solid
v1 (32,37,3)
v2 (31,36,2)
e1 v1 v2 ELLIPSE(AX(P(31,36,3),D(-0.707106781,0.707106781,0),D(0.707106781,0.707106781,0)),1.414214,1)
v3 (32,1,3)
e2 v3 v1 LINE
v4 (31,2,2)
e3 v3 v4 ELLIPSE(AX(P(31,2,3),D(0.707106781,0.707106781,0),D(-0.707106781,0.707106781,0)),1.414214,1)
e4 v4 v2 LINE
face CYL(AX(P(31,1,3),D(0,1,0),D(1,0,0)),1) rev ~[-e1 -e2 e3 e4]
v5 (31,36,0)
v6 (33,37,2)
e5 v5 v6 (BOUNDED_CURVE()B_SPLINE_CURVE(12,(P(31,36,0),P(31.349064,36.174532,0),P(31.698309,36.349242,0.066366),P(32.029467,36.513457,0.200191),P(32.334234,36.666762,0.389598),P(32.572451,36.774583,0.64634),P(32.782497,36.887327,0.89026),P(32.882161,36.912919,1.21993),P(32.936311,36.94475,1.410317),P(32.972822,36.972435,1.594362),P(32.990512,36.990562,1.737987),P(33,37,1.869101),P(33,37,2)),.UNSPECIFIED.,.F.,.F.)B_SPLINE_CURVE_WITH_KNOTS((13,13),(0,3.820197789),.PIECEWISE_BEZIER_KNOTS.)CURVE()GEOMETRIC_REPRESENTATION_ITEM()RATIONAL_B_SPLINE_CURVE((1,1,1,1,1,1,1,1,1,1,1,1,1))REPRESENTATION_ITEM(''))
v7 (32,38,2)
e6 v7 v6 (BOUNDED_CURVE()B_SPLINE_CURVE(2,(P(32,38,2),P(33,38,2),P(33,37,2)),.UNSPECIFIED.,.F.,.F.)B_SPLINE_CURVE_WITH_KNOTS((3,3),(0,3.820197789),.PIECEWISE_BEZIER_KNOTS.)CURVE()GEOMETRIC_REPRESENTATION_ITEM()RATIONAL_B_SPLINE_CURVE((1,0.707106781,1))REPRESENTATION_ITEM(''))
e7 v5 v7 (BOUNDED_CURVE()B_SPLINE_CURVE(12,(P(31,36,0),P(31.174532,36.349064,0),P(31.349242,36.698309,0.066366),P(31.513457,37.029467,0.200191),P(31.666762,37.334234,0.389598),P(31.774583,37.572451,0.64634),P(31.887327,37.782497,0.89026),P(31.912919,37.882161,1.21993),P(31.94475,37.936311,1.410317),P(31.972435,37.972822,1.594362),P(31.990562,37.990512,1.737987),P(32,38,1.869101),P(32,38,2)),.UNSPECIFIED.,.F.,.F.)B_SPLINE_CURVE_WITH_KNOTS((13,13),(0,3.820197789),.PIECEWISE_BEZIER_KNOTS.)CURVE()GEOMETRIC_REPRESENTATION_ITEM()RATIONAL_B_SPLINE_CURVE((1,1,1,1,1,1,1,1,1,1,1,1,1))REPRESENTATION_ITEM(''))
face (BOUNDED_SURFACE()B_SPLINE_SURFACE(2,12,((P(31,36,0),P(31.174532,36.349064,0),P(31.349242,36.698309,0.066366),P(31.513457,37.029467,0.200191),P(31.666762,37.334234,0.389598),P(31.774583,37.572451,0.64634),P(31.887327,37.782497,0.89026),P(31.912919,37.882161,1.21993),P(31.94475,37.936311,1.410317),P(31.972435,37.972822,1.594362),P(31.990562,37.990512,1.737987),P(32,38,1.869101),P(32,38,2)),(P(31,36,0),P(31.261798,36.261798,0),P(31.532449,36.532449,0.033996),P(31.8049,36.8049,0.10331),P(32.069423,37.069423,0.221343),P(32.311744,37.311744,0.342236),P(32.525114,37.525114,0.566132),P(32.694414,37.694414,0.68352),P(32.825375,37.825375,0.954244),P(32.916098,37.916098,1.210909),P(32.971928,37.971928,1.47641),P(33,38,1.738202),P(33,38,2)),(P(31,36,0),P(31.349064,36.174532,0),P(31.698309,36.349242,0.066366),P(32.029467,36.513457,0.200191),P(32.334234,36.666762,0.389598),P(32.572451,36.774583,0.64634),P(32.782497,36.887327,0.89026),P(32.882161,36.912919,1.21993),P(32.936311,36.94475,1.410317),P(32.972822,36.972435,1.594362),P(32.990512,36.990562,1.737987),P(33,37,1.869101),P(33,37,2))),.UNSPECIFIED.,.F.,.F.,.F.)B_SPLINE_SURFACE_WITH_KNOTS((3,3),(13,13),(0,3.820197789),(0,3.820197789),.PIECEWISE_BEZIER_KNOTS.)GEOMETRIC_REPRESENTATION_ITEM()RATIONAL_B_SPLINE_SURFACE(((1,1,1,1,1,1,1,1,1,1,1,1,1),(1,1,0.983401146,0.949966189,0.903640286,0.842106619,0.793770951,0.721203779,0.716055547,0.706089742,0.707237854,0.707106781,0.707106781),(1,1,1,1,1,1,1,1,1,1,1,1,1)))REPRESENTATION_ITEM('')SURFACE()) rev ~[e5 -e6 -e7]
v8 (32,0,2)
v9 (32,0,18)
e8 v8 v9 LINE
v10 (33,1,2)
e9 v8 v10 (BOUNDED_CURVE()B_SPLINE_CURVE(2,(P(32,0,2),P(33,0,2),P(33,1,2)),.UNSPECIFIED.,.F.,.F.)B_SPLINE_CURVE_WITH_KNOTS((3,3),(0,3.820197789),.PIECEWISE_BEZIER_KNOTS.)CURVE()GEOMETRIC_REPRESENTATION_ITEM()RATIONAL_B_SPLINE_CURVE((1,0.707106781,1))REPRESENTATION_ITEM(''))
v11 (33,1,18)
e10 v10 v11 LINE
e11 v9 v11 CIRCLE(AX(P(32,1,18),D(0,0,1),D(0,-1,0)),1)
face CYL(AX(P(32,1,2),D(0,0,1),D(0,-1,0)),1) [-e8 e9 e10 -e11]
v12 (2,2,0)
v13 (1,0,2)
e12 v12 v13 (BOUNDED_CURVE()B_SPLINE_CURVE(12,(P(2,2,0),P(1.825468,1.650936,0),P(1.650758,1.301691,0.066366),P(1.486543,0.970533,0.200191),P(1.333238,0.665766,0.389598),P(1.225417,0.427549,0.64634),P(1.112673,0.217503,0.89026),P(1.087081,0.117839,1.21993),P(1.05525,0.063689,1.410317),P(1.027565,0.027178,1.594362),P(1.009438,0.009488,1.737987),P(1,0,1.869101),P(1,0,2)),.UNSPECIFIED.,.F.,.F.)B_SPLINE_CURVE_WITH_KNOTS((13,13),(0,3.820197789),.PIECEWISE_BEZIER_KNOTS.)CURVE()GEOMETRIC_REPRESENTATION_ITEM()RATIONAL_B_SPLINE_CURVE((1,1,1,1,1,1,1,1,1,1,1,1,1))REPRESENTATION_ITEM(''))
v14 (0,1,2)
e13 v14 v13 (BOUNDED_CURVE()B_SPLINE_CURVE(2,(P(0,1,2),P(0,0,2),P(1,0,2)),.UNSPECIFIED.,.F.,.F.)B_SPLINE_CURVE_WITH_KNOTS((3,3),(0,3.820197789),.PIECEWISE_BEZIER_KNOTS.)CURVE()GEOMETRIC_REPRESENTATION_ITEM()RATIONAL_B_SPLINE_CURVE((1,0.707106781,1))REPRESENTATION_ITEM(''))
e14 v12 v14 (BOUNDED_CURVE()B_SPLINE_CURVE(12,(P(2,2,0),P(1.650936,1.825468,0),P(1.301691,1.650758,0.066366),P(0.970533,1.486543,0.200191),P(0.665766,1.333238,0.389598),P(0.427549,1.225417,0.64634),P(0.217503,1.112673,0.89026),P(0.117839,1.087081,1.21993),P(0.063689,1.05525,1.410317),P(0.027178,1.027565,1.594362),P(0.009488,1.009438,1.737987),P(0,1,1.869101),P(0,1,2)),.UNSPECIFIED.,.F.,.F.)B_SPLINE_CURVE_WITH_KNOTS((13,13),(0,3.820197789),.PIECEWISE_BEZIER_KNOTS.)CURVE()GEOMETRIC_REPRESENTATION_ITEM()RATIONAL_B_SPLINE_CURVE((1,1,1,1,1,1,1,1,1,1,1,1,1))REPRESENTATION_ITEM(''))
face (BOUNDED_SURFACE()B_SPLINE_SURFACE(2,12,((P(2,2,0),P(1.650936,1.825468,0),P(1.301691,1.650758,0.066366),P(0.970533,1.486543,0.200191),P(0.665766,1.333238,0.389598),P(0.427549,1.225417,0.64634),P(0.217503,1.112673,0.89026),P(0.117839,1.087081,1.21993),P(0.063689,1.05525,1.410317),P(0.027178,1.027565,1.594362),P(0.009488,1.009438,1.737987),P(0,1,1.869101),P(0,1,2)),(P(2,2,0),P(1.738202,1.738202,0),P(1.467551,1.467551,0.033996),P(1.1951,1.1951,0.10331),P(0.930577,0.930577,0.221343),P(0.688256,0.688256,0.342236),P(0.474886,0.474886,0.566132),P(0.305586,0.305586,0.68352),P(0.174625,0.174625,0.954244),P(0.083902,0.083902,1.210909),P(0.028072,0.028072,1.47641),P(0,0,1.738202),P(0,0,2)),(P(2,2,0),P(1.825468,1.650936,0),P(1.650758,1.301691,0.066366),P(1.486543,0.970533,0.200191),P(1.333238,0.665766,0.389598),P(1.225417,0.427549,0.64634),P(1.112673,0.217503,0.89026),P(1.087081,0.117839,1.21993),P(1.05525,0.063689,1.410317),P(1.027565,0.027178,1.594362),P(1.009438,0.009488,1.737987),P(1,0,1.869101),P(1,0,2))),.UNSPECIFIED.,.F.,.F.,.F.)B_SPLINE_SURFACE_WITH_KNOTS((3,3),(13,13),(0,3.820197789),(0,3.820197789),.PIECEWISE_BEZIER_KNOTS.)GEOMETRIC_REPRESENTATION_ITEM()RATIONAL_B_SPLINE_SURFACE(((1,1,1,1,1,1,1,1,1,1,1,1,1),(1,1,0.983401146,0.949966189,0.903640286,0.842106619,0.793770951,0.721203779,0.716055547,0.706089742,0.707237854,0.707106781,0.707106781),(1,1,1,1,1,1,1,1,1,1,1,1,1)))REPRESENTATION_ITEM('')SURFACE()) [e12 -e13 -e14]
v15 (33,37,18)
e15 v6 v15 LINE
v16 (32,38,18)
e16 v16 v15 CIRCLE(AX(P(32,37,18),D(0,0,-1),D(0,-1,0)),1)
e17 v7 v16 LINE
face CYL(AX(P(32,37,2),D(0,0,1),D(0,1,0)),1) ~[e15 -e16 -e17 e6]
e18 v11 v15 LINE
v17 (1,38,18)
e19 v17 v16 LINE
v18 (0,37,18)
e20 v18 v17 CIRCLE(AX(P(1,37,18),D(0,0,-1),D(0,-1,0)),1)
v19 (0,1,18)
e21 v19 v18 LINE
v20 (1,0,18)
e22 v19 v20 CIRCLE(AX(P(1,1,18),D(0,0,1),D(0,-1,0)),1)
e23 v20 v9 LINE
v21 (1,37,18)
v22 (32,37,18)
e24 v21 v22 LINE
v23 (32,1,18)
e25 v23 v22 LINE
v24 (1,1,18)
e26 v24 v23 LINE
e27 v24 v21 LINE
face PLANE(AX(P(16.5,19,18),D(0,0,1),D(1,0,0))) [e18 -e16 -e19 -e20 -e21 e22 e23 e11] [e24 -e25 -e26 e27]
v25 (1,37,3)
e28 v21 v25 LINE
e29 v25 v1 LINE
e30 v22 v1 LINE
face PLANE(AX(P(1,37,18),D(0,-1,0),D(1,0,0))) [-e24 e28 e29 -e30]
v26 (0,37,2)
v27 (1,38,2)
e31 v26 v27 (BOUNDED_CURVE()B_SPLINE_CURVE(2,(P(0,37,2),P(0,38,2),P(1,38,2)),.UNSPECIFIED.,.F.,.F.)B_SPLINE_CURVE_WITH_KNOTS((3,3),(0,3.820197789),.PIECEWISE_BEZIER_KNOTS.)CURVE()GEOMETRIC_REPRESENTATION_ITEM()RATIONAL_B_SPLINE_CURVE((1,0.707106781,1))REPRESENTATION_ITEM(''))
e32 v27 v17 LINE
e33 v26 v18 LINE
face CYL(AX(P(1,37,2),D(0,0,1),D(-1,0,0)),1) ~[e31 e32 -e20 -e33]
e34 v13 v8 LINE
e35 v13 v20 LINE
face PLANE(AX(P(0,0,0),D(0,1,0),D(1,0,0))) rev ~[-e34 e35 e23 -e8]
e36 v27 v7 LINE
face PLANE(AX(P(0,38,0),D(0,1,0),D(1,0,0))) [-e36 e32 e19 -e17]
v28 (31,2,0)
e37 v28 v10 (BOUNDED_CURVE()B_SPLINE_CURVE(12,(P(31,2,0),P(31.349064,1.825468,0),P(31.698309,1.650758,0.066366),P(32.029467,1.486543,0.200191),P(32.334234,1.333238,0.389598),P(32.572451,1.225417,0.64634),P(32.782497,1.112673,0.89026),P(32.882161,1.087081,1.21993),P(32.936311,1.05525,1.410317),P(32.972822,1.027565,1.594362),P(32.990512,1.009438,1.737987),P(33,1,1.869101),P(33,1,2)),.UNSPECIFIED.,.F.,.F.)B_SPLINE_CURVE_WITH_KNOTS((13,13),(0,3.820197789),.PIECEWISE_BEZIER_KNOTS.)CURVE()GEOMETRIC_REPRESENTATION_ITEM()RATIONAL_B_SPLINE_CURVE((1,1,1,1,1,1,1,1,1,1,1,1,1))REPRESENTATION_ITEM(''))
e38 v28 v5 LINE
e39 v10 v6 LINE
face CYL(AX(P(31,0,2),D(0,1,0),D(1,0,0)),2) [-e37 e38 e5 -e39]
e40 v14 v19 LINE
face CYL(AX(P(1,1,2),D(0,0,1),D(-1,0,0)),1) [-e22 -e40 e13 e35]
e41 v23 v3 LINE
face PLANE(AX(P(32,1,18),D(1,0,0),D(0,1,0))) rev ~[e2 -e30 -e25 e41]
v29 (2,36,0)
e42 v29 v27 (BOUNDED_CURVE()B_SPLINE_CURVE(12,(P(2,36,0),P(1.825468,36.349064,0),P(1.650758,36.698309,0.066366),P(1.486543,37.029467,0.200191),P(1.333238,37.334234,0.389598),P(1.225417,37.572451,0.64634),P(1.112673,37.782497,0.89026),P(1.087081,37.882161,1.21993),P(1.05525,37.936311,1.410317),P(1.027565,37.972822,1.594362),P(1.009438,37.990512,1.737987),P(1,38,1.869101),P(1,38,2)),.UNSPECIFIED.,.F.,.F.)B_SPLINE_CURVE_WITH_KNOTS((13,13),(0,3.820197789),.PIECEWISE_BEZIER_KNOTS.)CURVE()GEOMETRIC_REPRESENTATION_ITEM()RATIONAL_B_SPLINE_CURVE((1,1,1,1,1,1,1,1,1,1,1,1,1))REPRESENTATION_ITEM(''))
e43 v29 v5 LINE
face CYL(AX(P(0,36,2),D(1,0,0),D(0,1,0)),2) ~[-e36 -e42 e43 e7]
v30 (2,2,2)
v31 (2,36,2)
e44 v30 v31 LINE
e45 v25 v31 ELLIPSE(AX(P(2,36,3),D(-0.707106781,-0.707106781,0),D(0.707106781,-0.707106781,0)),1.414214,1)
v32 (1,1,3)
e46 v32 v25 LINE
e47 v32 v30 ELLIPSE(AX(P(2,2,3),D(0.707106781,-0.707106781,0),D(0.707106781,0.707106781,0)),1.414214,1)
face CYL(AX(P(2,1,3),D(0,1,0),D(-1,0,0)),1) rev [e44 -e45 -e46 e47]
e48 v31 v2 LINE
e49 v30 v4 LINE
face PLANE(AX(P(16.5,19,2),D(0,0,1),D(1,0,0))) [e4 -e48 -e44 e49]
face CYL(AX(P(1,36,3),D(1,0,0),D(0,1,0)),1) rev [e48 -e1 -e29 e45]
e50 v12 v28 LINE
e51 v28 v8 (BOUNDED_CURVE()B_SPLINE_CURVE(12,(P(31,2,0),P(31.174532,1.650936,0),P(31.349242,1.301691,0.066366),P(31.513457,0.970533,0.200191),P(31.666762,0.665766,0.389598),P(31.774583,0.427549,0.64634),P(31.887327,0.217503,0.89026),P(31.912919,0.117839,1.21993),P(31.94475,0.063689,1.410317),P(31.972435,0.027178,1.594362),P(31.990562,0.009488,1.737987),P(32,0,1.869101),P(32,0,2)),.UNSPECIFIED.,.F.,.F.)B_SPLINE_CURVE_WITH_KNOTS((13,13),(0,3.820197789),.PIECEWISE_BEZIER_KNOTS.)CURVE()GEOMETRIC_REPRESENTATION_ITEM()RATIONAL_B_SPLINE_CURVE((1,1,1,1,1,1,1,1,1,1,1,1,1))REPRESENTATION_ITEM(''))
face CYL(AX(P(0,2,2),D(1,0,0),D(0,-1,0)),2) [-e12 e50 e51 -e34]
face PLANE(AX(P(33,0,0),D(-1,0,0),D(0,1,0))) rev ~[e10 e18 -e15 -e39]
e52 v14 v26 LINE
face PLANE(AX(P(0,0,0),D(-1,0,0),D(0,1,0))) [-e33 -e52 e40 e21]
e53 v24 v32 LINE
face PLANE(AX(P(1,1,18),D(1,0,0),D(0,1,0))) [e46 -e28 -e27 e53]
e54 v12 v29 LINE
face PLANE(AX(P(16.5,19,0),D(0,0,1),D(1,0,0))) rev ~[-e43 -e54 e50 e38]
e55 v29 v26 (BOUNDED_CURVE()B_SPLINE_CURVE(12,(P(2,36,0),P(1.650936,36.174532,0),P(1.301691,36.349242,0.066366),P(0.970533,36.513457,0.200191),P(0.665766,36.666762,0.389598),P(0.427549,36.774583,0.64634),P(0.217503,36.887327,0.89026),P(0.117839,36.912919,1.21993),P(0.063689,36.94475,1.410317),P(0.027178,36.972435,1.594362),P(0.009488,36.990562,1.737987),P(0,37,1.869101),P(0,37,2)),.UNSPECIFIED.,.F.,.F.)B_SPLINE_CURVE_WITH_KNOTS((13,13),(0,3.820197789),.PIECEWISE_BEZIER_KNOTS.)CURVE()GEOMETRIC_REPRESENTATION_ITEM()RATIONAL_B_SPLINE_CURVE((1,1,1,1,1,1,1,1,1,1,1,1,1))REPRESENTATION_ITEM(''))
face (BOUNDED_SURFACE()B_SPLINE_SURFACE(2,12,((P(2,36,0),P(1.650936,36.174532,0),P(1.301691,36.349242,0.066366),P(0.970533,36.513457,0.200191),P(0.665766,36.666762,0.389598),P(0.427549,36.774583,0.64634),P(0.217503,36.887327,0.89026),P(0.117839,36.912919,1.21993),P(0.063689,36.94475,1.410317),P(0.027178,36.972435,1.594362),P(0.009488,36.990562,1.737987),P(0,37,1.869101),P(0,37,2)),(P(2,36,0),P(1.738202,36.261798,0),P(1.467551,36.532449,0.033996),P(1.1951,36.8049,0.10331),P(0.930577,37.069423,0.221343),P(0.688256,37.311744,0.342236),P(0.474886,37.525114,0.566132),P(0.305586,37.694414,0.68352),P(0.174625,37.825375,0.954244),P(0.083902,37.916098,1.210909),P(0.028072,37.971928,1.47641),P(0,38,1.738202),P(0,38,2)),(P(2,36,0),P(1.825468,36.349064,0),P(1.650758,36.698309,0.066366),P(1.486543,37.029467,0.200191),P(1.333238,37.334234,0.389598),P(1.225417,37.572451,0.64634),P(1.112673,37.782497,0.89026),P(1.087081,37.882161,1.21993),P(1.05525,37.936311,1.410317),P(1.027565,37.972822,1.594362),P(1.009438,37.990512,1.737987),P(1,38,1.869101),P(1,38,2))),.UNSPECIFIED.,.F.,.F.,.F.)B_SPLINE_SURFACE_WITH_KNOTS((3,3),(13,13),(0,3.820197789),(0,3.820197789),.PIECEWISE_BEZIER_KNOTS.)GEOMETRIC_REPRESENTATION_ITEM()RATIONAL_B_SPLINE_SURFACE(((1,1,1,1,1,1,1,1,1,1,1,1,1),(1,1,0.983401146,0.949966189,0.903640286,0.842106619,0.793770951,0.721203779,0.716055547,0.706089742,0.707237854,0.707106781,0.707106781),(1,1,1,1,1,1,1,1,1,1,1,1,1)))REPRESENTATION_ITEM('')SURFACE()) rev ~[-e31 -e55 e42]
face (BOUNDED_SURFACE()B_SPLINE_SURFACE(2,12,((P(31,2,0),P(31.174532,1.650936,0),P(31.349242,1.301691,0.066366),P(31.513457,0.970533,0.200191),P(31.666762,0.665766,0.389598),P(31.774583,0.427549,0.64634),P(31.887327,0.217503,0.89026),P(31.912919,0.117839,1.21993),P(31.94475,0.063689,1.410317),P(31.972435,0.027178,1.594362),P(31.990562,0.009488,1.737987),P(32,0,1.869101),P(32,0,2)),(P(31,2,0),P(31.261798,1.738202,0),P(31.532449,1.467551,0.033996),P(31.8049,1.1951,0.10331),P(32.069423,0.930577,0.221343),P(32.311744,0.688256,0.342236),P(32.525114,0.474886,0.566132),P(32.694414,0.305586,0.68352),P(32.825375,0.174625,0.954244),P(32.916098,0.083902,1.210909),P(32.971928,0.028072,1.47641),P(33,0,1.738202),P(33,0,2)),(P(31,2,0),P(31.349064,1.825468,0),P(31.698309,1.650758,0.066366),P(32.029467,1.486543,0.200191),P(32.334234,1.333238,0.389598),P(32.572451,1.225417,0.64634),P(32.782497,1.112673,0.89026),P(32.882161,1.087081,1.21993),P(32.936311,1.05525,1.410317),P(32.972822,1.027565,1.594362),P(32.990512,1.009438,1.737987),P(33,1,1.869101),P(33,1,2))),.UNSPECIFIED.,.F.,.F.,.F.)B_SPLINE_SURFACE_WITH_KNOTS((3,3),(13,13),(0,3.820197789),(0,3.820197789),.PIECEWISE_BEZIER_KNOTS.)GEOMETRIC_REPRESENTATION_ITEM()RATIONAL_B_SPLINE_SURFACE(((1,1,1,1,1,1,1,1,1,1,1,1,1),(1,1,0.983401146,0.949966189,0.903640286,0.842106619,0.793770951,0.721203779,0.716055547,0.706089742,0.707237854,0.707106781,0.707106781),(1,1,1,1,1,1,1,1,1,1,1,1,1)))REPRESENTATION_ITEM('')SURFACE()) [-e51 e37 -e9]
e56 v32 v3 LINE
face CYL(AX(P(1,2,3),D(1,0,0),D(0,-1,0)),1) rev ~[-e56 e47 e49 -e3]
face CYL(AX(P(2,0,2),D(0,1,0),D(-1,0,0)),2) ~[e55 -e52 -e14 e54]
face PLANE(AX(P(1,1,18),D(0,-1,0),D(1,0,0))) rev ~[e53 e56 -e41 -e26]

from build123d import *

# Parameters (mm, degrees)
SKETCH001_W      = 31
SKETCH001_H      = 36
EXTRUDE002_DEPTH = 16
SKETCH_W         = 33
SKETCH_H         = 38
EXTRUDE_DEPTH    = 18
FILLET_R         = 1
FILLET001_R      = 2
FILLET002_R      = 1


with BuildPart() as inside:
    # Sketch001 (on Face6 of Extrude) → Extrude002 (new body)
    with BuildSketch(Plane.XY.offset(18)):
        with Locations((16.5, 19)):
            Rectangle(SKETCH001_W, SKETCH001_H)
    extrude(amount=-EXTRUDE002_DEPTH)


with BuildPart() as body:
    # Sketch → Extrude (new body)
    with BuildSketch(Plane.XY):
        with Locations((16.5, 19)):
            Rectangle(SKETCH_W, SKETCH_H)
    extrude(amount=EXTRUDE_DEPTH)

    # Cut: cut Inside
    add(inside.part, mode=Mode.SUBTRACT)

    # Fillet
    fillet_edges = [body.edges().sort_by_distance(p)[0] for p in [
        (16.5, 37, 2),
        (32, 19, 2),
        (1, 19, 2),
        (16.5, 1, 2),
    ]]
    fillet(fillet_edges, radius=FILLET_R)

    # Fillet001
    fillet001_edges = [body.edges().sort_by_distance(p)[0] for p in [
        (0, 19, 0),
        (16.5, 0, 0),
        (16.5, 38, 0),
        (33, 19, 0),
    ]]
    fillet(fillet001_edges, radius=FILLET001_R)

    # Fillet002
    fillet002_edges = [body.edges().sort_by_distance(p)[0] for p in [
        (33, 38, 10),
        (33, 0, 10),
        (0, 0, 10),
        (0, 38, 10),
    ]]
    fillet(fillet002_edges, radius=FILLET002_R)


solid = body.part
